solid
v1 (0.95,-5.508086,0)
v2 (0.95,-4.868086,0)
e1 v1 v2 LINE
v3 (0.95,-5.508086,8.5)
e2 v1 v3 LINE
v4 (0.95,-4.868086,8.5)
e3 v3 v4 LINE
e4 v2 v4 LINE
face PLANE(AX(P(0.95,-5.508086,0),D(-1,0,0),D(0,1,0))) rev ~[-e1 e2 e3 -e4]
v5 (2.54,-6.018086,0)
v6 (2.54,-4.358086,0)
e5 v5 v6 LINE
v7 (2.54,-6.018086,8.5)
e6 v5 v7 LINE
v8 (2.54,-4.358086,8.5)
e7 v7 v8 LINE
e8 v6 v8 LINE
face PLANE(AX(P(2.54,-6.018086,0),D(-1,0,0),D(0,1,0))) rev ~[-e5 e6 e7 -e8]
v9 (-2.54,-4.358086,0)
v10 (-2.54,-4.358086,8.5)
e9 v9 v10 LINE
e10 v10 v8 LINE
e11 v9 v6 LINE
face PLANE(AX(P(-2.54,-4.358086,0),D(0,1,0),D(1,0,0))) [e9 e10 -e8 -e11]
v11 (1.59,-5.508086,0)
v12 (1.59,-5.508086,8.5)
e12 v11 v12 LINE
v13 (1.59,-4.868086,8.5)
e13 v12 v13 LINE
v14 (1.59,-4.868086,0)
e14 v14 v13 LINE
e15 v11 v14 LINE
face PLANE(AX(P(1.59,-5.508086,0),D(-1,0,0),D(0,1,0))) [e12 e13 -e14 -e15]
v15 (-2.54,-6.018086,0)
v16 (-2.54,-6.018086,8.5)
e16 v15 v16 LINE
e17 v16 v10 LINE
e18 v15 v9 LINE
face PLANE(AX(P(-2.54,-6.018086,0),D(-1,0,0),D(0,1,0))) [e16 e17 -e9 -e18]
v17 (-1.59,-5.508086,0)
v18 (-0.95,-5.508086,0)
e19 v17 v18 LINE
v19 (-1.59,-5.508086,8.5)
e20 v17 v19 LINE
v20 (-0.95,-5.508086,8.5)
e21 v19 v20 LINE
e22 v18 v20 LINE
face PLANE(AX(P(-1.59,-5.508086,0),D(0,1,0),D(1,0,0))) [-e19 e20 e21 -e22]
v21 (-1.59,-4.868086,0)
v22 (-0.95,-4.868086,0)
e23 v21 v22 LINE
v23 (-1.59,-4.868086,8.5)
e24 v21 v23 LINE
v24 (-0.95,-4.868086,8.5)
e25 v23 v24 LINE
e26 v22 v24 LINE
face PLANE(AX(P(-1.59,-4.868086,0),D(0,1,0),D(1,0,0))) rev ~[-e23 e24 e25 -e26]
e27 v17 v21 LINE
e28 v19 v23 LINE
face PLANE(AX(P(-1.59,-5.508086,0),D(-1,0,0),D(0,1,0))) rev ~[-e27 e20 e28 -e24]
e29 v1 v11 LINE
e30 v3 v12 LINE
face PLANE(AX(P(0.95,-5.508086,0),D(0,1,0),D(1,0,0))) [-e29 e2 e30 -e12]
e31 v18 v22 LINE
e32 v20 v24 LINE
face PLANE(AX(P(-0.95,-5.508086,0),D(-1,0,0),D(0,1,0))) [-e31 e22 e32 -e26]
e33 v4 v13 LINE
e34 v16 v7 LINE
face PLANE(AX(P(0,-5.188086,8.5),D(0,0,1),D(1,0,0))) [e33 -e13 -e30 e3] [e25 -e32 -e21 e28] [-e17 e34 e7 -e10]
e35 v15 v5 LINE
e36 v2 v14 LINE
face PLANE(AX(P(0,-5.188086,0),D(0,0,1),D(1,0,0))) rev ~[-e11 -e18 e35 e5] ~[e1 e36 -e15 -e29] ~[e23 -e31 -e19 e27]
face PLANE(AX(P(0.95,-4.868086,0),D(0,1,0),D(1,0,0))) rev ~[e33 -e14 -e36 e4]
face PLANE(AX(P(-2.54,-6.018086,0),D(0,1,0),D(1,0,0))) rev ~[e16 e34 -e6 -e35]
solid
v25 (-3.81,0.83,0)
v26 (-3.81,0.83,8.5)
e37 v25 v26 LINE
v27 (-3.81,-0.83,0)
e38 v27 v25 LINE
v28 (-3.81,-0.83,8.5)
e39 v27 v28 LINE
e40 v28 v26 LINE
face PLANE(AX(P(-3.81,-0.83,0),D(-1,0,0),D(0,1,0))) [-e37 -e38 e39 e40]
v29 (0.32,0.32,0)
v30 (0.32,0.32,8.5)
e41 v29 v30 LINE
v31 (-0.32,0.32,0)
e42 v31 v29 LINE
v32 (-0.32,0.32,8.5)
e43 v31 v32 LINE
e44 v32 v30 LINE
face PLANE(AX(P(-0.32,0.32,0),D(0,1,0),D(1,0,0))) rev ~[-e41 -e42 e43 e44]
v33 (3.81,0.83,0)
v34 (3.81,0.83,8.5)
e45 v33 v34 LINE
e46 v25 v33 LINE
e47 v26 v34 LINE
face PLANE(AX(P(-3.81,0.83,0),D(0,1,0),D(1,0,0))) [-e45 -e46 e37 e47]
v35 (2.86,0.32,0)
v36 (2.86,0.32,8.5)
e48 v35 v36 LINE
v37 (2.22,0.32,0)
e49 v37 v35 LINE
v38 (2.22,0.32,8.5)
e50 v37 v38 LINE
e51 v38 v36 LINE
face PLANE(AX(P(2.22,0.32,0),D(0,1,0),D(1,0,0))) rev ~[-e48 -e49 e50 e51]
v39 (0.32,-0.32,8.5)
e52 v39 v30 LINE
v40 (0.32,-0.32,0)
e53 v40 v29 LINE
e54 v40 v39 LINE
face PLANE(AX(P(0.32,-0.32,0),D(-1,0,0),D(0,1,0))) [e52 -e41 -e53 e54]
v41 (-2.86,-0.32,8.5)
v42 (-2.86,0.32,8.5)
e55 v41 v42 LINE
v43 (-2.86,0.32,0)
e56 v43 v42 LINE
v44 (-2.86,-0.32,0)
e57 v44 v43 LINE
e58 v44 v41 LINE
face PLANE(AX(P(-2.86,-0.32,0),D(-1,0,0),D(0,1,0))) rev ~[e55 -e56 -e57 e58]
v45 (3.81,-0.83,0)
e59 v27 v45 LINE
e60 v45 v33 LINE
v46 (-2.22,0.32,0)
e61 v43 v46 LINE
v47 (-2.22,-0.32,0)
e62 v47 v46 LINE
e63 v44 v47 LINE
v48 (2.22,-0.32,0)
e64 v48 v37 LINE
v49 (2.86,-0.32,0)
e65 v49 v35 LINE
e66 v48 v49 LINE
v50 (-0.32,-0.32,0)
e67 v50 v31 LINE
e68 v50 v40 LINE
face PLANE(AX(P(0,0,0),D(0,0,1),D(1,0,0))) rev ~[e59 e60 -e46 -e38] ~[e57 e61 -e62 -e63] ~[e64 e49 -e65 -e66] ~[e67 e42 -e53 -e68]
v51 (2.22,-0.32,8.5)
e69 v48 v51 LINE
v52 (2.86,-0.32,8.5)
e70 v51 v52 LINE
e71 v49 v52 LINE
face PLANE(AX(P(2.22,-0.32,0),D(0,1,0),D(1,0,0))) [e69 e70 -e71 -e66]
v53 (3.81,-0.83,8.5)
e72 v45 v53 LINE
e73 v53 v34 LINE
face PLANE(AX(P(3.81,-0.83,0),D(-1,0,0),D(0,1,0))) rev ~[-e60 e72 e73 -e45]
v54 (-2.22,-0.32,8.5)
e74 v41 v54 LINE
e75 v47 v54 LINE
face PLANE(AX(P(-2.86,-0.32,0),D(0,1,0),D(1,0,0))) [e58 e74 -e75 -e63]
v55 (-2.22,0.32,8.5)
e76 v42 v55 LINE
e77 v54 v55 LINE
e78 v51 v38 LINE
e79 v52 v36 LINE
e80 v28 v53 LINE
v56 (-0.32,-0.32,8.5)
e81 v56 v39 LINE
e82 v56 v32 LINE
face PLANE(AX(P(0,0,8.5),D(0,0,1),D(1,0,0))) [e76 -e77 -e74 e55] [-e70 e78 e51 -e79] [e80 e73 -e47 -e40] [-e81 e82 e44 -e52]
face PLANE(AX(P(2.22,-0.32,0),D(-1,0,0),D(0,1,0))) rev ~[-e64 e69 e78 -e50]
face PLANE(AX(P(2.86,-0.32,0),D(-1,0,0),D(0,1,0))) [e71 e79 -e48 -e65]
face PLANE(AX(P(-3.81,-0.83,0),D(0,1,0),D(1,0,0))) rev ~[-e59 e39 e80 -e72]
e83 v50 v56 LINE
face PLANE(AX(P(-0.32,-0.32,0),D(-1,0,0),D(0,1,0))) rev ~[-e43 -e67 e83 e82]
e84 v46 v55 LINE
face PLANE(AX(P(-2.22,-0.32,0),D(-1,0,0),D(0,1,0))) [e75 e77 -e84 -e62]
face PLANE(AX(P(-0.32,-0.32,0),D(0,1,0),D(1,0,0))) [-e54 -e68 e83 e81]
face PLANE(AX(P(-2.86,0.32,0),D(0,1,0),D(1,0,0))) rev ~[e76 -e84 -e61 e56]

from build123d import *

# Parameters (mm, degrees)
F0_W     = 7.62
F0_H     = 1.66
F0_W_2   = 0.64
F0_H_2   = 0.64
F0_W_3   = 5.08
F1_DEPTH = 8.5


with BuildPart() as f1:
    # F0 (on Top) → F1 (new body)
    with BuildSketch(Plane.XY):
        Rectangle(F0_W, F0_H)
        with Locations((-2.54, 0)):
            Rectangle(F0_W_2, F0_H_2, mode=Mode.SUBTRACT)
        Rectangle(F0_W_2, F0_H_2, mode=Mode.SUBTRACT)
        with Locations((2.54, 0)):
            Rectangle(F0_W_2, F0_H_2, mode=Mode.SUBTRACT)
        with Locations((0, -5.188086)):
            Rectangle(F0_W_3, F0_H)
        with Locations((-1.27, -5.188086)):
            Rectangle(F0_W_2, F0_H_2, mode=Mode.SUBTRACT)
        with Locations((1.27, -5.188086)):
            Rectangle(F0_W_2, F0_H_2, mode=Mode.SUBTRACT)
    extrude(amount=F1_DEPTH)


solid = f1.part
